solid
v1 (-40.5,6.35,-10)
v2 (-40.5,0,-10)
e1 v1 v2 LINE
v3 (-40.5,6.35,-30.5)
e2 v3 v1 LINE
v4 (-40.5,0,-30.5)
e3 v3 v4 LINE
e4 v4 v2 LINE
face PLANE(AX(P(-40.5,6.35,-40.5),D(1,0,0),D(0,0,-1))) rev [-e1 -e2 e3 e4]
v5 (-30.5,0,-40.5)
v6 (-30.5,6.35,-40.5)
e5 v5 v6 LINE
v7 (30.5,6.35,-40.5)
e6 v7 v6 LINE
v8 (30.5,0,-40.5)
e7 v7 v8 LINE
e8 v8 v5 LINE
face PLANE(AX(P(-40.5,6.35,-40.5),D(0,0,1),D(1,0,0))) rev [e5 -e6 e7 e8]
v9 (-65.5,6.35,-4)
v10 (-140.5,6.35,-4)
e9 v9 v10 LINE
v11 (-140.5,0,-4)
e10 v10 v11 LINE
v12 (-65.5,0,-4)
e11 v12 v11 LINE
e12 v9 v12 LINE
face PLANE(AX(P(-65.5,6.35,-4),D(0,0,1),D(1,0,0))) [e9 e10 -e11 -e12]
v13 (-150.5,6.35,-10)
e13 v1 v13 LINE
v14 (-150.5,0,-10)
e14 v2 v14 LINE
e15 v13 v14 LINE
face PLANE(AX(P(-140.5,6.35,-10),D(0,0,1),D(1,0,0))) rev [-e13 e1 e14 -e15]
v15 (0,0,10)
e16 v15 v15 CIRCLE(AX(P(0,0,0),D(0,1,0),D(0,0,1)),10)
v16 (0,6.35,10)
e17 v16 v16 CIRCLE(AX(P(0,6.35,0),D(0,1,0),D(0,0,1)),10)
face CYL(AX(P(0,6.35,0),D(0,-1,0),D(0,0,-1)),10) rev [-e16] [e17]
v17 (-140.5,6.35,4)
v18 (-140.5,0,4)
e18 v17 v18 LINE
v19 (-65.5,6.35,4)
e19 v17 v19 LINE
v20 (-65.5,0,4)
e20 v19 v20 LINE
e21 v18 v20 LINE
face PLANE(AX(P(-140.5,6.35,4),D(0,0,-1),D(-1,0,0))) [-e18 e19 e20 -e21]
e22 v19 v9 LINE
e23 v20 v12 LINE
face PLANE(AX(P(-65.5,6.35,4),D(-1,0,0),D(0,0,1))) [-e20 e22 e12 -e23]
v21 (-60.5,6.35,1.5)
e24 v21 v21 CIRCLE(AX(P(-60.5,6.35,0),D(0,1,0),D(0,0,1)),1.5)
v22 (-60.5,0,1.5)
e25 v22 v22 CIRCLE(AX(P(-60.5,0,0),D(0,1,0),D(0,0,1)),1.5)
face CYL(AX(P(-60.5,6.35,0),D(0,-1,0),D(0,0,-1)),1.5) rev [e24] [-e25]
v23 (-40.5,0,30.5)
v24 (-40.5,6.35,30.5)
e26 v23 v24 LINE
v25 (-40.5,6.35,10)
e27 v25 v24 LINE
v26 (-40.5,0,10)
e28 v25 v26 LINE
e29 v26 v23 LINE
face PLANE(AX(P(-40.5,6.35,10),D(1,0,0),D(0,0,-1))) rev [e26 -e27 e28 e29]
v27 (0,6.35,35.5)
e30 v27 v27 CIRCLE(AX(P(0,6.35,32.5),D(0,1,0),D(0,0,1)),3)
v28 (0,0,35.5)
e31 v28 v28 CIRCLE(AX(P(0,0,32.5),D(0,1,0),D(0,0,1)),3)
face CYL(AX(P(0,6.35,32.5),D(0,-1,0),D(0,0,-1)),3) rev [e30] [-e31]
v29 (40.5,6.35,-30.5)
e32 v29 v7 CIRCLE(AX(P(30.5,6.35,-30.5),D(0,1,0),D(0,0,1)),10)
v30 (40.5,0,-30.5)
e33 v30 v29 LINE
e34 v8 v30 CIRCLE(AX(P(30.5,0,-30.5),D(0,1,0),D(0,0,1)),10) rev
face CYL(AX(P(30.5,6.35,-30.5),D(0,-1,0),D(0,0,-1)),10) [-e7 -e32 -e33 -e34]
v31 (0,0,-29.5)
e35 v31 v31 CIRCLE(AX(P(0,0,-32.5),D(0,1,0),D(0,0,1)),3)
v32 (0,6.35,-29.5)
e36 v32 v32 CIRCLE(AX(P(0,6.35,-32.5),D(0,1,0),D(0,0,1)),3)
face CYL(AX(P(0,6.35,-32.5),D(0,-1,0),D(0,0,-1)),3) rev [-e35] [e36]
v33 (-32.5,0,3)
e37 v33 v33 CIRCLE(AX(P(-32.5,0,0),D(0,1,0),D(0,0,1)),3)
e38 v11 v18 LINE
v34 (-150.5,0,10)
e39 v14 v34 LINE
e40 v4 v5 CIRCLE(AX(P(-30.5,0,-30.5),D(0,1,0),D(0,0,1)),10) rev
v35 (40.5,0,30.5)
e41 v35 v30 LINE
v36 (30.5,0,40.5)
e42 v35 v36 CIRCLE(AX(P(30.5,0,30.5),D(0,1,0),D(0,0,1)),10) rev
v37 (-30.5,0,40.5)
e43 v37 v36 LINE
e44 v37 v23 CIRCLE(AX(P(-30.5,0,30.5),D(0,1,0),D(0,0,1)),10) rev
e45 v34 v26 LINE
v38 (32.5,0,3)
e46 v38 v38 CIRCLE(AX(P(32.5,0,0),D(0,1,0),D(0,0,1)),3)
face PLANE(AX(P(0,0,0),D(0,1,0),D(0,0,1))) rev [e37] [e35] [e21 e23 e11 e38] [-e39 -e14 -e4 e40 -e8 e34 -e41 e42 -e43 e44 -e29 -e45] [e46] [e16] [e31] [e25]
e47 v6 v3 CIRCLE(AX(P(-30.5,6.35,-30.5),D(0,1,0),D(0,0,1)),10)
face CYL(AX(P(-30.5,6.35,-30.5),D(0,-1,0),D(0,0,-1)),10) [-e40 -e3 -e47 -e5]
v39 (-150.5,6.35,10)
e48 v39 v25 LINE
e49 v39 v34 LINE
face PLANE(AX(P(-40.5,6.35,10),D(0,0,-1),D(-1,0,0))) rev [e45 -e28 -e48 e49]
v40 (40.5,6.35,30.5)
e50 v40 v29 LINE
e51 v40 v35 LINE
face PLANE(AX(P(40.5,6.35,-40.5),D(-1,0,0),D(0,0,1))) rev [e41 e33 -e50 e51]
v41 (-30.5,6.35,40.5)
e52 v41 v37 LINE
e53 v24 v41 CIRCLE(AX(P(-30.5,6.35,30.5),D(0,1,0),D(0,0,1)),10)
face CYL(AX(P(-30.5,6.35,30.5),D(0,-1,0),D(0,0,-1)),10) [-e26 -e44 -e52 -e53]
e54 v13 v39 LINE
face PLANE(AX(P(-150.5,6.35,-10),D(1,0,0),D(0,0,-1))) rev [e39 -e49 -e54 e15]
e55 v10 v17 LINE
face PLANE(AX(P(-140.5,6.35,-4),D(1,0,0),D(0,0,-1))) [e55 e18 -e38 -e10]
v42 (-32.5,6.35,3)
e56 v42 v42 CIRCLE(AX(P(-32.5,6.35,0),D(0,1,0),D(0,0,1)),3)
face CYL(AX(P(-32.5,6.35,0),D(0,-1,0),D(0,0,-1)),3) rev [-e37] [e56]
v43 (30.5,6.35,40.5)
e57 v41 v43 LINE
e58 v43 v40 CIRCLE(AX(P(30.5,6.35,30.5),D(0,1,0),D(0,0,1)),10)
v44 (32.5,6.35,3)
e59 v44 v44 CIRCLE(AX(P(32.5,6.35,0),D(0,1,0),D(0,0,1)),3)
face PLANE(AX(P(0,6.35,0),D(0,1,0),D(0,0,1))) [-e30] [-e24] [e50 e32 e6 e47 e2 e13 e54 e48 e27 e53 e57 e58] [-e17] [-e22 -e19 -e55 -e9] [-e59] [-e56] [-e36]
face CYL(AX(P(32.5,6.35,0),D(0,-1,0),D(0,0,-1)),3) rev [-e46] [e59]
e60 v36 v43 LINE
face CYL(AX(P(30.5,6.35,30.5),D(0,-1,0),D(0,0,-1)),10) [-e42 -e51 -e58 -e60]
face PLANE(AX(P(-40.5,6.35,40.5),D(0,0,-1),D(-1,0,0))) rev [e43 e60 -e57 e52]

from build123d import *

# Parameters (mm, degrees)
SKETCH1_R           = 10
SKETCH1_R_2         = 3
SKETCH1_R_3         = 1.5
SKETCH1_W           = 75
SKETCH1_H           = 8
BOSS_EXTRUDE1_DEPTH = 6.35
FILLET1_R           = 10


with BuildPart() as part:
    # Sketch1 → Boss-Extrude1 (new body)
    with BuildSketch(Plane(origin=(0, 0, 0), x_dir=(1, 0, 0), z_dir=(0, 1, 0))):
        Polygon((-40.5, 40.5), (40.5, 40.5), (40.5, -40.5), (-40.5, -40.5), (-40.5, -10), (-140.5, -10), (-150.5, -10), (-150.5, 10), (-140.5, 10), (-40.5, 10), align=None)
        with Locations(Location((0, 0, 0), (0, 0, 270))):
            Circle(SKETCH1_R, mode=Mode.SUBTRACT)
        with Locations(Location((0, 32.5, 0), (0, 0, 270))):
            Circle(SKETCH1_R_2, mode=Mode.SUBTRACT)
        with Locations(Location((-32.5, 0, 0), (0, 0, 270))):
            Circle(SKETCH1_R_2, mode=Mode.SUBTRACT)
        with Locations(Location((0, -32.5, 0), (0, 0, 270))):
            Circle(SKETCH1_R_2, mode=Mode.SUBTRACT)
        with Locations(Location((32.5, 0, 0), (0, 0, 270))):
            Circle(SKETCH1_R_2, mode=Mode.SUBTRACT)
        with Locations(Location((-60.5, 0, 0), (0, 0, 270))):
            Circle(SKETCH1_R_3, mode=Mode.SUBTRACT)
        with Locations((-103, 0)):
            Rectangle(SKETCH1_W, SKETCH1_H, mode=Mode.SUBTRACT)
    extrude(amount=BOSS_EXTRUDE1_DEPTH)

    # Fillet1
    fillet1_edges = [part.edges().sort_by_distance(p)[0] for p in [
        (40.5, 3.175, 40.5),
        (-40.5, 3.175, 40.5),
        (-40.5, 3.175, -40.5),
        (40.5, 3.175, -40.5),
    ]]
    fillet(fillet1_edges, radius=FILLET1_R)


solid = part.part
